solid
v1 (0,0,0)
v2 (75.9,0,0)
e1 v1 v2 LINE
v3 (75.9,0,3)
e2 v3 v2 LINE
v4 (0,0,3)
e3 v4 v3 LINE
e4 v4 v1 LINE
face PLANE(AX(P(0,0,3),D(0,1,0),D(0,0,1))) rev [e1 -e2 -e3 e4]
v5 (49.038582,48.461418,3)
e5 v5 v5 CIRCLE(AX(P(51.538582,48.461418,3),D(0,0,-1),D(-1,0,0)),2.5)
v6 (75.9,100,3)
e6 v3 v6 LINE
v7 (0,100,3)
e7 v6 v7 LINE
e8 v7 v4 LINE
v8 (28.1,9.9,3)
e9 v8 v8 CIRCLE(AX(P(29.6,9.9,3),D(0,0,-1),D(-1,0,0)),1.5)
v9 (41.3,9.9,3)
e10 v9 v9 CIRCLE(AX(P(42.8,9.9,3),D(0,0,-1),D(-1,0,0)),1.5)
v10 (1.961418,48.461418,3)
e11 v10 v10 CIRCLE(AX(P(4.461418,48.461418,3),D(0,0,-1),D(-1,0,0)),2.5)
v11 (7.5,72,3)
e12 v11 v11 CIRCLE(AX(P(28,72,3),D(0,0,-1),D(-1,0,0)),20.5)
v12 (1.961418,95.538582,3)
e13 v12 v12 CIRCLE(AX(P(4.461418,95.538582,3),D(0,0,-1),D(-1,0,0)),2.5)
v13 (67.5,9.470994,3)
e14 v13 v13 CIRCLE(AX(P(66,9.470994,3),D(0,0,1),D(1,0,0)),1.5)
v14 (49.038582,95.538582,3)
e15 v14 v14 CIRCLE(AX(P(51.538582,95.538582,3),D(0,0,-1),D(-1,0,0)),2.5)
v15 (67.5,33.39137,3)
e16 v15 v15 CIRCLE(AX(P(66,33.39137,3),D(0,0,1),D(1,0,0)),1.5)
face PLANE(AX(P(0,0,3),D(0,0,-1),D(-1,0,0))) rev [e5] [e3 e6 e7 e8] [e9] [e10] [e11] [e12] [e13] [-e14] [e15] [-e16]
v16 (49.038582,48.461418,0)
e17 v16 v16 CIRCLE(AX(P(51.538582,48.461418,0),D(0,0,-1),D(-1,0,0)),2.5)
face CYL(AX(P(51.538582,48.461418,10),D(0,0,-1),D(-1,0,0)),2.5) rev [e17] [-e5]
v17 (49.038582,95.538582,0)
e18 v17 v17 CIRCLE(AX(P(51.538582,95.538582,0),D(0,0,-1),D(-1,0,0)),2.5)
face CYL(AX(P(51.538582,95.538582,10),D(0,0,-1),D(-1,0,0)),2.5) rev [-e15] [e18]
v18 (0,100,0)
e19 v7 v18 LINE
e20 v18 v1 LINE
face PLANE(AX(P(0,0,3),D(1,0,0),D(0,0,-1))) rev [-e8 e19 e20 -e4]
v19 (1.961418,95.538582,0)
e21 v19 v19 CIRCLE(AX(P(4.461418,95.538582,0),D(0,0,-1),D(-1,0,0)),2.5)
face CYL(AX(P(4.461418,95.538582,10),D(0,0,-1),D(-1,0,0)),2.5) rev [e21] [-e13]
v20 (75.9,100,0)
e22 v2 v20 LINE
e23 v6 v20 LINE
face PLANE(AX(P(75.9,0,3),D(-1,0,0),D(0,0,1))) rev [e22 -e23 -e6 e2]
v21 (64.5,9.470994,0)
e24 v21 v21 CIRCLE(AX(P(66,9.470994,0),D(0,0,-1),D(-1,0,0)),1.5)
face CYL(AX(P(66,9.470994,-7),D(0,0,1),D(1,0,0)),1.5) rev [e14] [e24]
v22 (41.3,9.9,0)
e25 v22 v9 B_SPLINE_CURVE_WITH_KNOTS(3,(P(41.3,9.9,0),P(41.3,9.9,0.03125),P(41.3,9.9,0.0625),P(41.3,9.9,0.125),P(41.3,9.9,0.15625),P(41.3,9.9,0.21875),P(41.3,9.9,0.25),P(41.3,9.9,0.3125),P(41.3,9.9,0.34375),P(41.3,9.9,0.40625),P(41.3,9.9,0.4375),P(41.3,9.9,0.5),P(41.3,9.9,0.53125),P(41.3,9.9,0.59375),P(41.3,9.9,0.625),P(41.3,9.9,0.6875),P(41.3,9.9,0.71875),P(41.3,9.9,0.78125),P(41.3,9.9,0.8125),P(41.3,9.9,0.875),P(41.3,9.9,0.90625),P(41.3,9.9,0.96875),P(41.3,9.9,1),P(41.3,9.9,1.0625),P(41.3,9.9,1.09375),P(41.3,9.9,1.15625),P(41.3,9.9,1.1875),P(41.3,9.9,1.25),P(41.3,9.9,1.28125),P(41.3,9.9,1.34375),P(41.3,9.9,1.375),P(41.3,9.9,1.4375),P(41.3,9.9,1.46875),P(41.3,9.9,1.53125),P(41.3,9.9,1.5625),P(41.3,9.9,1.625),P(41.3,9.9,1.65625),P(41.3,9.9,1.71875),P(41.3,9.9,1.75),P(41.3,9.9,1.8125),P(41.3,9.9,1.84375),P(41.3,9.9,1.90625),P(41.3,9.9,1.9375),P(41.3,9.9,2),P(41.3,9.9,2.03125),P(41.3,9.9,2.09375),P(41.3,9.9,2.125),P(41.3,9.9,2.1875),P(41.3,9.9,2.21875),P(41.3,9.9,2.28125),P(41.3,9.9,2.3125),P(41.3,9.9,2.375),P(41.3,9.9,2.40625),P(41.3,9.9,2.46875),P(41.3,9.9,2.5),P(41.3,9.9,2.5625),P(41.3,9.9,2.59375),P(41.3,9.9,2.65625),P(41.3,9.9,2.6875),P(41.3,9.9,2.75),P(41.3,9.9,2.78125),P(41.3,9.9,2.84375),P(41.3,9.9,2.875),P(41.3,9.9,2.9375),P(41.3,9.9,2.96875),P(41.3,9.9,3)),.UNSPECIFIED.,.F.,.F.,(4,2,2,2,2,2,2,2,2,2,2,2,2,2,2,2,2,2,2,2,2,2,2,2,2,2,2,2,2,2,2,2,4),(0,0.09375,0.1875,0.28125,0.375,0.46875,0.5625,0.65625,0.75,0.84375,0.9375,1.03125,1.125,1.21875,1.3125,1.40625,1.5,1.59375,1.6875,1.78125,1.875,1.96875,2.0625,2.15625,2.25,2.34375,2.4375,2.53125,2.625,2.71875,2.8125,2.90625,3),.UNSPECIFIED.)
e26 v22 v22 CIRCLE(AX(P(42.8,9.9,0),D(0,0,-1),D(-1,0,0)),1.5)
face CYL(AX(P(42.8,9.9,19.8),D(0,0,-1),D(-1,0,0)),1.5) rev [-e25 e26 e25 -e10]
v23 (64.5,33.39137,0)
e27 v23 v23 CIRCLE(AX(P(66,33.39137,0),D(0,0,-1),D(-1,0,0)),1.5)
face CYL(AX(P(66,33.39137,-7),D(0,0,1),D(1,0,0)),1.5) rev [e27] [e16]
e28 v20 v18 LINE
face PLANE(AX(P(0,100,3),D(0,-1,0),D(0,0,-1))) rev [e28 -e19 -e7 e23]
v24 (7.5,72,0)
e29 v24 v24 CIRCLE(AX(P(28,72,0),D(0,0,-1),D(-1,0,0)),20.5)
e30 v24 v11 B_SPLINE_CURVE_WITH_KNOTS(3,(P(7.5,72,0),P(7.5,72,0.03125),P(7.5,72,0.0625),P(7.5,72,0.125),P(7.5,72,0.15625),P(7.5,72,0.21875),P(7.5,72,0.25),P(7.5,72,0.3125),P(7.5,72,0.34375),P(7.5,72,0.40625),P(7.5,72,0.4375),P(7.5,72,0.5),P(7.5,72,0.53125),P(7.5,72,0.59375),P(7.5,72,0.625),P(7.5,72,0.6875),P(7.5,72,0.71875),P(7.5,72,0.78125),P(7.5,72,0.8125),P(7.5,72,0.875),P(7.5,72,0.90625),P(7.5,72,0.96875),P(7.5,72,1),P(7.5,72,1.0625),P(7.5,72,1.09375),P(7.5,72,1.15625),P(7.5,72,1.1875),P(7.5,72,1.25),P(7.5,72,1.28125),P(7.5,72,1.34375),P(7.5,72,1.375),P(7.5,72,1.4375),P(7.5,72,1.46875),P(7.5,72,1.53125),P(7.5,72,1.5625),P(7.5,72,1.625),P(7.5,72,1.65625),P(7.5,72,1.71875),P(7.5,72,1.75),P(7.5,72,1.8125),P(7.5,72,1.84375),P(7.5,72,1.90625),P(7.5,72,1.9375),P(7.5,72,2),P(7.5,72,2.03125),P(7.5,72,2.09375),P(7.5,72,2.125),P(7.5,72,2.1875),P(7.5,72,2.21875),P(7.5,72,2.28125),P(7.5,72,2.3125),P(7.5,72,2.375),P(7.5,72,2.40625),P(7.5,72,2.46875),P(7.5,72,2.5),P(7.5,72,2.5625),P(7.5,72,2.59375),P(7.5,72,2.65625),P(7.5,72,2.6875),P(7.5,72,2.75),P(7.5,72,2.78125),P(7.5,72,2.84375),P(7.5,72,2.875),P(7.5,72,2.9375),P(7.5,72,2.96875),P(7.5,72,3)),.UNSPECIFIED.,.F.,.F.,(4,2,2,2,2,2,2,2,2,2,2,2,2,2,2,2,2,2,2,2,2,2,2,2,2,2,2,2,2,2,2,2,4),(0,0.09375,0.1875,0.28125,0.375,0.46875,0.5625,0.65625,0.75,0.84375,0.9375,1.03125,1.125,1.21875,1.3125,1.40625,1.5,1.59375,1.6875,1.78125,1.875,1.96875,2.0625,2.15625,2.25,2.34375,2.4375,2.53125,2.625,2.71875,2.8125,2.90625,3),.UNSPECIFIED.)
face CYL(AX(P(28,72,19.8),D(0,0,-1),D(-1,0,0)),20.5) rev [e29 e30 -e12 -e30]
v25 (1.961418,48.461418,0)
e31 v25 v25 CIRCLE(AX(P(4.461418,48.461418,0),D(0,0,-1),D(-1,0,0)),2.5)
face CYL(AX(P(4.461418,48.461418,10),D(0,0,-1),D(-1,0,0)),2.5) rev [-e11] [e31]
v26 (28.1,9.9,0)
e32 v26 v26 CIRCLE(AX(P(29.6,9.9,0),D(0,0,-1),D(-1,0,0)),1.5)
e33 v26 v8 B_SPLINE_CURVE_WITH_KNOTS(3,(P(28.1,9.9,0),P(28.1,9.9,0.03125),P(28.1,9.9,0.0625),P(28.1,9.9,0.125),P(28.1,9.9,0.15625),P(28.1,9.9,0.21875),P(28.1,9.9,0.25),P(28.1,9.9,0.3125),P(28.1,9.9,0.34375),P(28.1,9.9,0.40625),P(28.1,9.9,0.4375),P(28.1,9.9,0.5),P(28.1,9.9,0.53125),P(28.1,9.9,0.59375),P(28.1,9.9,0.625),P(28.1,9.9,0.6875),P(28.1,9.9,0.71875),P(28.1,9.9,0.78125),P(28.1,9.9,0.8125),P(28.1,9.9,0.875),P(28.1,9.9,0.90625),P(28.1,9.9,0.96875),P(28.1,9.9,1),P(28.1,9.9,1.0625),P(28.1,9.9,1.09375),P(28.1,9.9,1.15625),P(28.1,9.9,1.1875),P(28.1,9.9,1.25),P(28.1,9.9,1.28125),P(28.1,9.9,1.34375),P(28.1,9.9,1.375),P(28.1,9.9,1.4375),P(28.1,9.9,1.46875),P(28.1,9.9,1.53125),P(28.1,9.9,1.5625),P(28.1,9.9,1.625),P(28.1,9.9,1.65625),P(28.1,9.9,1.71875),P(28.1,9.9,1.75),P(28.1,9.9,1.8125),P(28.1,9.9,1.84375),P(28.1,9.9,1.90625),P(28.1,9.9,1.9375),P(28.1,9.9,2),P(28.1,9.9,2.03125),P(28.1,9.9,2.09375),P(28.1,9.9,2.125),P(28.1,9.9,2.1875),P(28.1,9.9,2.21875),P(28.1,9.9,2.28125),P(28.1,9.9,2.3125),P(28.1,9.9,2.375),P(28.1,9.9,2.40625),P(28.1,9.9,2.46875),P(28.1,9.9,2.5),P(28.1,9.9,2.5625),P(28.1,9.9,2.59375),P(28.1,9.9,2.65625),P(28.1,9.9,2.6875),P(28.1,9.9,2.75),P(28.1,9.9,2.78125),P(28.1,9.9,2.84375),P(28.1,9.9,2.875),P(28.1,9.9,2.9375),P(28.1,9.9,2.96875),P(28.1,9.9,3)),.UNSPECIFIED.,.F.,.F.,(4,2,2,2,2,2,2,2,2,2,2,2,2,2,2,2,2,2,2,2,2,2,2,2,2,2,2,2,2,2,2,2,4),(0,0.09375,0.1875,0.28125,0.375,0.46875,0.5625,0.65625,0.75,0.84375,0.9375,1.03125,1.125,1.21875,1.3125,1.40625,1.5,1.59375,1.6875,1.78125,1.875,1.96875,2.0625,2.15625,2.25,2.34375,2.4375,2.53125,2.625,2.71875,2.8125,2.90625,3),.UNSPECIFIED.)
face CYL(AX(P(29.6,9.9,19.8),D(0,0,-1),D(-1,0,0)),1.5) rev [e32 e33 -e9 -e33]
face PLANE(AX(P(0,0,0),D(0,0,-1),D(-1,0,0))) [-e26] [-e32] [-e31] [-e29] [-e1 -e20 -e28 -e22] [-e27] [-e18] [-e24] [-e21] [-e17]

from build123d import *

# Parameters (mm, degrees)
SKETCH1_W           = 75.9
SKETCH1_H           = 100
BOSS_EXTRUDE1_DEPTH = 3
SKETCH2_R           = 2.5
CUT_EXTRUDE1_DEPTH  = 10
SKETCH5_R           = 1.5
CUT_EXTRUDE2_DEPTH  = 10
SKETCH7_R           = 1.5
CUT_EXTRUDE3_DEPTH  = 19.8
SKETCH8_R           = 20.5
CUT_EXTRUDE4_DEPTH  = 19.8


with BuildPart() as part:
    # Sketch1 → Boss-Extrude1 (new body)
    with BuildSketch(Plane.XY):
        with Locations((37.95, 50)):
            Rectangle(SKETCH1_W, SKETCH1_H)
    extrude(amount=BOSS_EXTRUDE1_DEPTH)

    # Sketch2 → Cut-Extrude1 (cut)
    with BuildSketch(Plane(origin=(0, 0, 0), x_dir=(-1, 0, 0), z_dir=(0, 0, -1))):
        with Locations((-51.538582233, 95.538582233)):
            Circle(SKETCH2_R)
        with Locations((-4.461417767, 95.538582233)):
            Circle(SKETCH2_R)
        with Locations((-4.461417767, 48.461417767)):
            Circle(SKETCH2_R)
        with Locations((-51.538582233, 48.461417767)):
            Circle(SKETCH2_R)
    extrude(amount=-CUT_EXTRUDE1_DEPTH, mode=Mode.SUBTRACT)

    # Sketch5 → Cut-Extrude2 (cut)
    with BuildSketch(Plane.XY.offset(3)):
        with Locations((66, 33.391370051)):
            Circle(SKETCH5_R)
        with Locations((66, 9.470993714)):
            Circle(SKETCH5_R)
    extrude(amount=-CUT_EXTRUDE2_DEPTH, mode=Mode.SUBTRACT)

    # Sketch7 → Cut-Extrude3 (cut)
    with BuildSketch(Plane(origin=(0, 0, 0), x_dir=(-1, 0, 0), z_dir=(0, 0, -1))):
        with Locations((-29.6, 9.9)):
            Circle(SKETCH7_R)
        with Locations((-42.8, 9.9)):
            Circle(SKETCH7_R)
    extrude(amount=-CUT_EXTRUDE3_DEPTH, mode=Mode.SUBTRACT)

    # Sketch8 → Cut-Extrude4 (cut)
    with BuildSketch(Plane(origin=(0, 0, 0), x_dir=(-1, 0, 0), z_dir=(0, 0, -1))):
        with Locations((-28, 72)):
            Circle(SKETCH8_R)
    extrude(amount=-CUT_EXTRUDE4_DEPTH, mode=Mode.SUBTRACT)


solid = part.part
